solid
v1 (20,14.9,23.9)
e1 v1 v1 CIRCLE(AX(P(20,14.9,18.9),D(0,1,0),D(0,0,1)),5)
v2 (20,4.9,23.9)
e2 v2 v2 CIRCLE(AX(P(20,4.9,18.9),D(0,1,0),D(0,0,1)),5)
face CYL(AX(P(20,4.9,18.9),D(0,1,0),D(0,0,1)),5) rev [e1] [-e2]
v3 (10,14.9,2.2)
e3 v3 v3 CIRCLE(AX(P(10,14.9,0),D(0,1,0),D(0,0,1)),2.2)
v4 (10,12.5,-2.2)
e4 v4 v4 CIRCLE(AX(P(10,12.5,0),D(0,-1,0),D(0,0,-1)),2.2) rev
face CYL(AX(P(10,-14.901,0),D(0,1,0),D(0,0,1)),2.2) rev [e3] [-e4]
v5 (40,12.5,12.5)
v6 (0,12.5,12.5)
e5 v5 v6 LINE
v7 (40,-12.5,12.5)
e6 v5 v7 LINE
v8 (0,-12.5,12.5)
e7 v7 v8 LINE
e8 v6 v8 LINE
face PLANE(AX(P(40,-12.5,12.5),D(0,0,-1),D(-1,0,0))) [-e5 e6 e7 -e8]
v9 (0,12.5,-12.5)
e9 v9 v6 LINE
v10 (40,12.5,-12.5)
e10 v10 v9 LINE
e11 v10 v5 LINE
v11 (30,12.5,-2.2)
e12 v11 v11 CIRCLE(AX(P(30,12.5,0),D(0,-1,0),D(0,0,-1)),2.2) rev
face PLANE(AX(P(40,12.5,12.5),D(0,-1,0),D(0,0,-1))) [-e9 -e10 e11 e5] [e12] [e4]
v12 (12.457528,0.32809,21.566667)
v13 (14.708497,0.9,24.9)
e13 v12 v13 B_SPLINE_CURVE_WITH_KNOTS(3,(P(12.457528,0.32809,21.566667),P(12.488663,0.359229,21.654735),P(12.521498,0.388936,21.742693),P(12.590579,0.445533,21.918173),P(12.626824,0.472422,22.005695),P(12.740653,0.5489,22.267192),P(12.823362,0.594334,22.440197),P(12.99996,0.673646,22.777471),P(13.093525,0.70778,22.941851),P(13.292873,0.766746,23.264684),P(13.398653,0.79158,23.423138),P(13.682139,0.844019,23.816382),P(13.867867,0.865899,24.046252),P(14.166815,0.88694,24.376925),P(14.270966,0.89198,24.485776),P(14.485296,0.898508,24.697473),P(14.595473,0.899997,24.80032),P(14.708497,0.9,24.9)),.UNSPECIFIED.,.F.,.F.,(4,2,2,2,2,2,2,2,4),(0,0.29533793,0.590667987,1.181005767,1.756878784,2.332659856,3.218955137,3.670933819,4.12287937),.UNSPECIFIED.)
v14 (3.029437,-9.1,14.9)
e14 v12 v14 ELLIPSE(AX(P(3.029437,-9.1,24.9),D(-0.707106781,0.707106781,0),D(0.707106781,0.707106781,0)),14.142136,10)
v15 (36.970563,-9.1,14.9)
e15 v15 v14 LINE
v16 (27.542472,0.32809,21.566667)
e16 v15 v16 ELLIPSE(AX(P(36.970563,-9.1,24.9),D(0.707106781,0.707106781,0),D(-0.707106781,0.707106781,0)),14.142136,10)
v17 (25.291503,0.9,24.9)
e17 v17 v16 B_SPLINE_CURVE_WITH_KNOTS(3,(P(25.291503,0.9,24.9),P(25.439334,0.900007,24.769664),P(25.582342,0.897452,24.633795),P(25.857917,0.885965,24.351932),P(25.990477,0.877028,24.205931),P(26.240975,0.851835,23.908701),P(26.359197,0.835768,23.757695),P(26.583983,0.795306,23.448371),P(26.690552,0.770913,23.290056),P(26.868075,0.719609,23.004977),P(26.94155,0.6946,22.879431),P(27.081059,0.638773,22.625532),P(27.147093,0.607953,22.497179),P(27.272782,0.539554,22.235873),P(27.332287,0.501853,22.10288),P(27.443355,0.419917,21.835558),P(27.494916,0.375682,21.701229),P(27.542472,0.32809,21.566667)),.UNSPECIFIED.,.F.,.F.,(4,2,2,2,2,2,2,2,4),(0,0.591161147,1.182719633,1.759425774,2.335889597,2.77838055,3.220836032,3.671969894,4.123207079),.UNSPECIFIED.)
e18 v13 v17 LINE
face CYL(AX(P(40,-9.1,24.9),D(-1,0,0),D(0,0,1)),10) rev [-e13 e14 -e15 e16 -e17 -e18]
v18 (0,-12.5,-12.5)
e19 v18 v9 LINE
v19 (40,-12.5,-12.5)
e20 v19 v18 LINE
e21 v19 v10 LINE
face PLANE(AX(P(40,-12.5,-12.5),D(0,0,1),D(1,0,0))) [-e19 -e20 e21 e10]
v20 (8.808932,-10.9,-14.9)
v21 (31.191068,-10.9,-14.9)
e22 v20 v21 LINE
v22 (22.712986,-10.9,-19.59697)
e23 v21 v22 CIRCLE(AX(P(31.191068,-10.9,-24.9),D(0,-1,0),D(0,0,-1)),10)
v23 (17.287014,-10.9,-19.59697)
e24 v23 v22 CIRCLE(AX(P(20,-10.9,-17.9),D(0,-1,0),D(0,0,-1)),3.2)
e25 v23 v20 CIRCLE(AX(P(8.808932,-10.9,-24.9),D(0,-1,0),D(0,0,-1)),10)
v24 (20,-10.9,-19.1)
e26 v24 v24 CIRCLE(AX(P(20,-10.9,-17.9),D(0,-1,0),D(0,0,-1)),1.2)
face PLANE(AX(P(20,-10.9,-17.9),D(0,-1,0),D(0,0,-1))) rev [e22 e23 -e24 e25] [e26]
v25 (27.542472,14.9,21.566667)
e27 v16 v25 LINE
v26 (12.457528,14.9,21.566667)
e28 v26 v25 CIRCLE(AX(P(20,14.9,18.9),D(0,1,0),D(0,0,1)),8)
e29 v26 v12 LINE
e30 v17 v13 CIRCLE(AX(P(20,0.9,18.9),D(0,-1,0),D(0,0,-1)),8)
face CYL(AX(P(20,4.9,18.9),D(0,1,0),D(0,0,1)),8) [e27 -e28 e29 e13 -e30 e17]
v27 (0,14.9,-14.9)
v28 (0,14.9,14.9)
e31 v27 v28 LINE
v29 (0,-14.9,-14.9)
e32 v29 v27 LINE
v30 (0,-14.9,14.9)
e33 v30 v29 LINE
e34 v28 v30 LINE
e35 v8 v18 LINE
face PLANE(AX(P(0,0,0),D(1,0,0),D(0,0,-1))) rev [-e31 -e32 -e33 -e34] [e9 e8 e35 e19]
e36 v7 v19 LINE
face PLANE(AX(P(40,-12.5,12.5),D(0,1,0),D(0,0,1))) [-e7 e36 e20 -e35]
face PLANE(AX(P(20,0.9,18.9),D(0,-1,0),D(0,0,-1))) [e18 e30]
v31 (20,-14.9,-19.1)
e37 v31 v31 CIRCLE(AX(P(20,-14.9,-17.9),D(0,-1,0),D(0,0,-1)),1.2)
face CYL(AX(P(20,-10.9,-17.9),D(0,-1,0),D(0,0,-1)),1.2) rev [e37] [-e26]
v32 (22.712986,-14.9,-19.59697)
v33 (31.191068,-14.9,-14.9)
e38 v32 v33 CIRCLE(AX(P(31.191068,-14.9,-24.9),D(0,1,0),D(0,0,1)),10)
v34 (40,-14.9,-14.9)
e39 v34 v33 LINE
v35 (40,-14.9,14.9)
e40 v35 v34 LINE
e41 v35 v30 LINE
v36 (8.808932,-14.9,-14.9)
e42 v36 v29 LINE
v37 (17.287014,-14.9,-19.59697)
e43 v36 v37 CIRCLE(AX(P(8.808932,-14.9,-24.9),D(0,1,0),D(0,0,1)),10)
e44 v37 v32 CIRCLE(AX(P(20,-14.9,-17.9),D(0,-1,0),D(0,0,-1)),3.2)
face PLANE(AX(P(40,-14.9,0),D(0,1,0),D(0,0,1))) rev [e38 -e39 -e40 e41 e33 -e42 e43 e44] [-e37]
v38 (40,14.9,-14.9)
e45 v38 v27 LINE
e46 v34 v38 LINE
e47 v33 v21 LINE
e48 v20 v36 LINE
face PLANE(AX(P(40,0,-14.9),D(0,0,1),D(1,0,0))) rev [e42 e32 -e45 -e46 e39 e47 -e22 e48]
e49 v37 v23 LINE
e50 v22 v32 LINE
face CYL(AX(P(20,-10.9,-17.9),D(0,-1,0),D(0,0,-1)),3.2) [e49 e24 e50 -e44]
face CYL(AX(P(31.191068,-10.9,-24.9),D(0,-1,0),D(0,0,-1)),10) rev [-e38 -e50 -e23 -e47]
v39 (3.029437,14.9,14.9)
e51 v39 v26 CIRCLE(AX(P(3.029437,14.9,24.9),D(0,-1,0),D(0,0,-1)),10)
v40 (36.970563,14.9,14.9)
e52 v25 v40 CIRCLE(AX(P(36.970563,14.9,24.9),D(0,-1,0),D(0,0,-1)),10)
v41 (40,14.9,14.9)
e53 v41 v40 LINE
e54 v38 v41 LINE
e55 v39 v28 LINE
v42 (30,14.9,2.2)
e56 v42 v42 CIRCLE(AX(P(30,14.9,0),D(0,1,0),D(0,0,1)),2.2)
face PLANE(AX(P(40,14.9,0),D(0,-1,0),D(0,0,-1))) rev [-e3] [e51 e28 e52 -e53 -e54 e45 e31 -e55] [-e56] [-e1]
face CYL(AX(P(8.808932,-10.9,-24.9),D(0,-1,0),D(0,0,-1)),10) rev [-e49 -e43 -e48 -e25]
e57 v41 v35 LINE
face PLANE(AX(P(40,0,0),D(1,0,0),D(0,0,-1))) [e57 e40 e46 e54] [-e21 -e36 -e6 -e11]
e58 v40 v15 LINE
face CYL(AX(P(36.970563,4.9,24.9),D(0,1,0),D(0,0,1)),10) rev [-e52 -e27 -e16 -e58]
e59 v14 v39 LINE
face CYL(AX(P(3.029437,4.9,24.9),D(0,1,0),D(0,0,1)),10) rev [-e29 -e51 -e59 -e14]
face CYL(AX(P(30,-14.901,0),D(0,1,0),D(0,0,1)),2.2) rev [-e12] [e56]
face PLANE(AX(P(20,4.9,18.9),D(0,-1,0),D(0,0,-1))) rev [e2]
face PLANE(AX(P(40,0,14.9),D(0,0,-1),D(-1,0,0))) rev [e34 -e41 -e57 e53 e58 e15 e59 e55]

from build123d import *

# Parameters (mm, degrees)
SKETCH_1_W          = 29.8
SKETCH_1_H          = 29.8
SKETCH_1_W_2        = 25
SKETCH_1_H_2        = 25
EXTRUDE_1_DEPTH     = 40
SKETCH_2_R          = 8
SKETCH_2_R_2        = 5
EXTRUDE_1_2_DEPTH   = 10
SKETCH_3_R          = 8
EXTRUDE_2_DEPTH     = 4
FILLET_1_R          = 10
CUT_EXTRUDE_1_REACH = 58.671
SKETCH_4_R          = 2.2
SKETCH_5_R          = 5
CUT_EXTRUDE_2_DEPTH = 10
CUT_EXTRUDE_3_REACH = 52.454
SKETCH_6_W          = 25
SKETCH_6_H          = 25
SKETCH_7_R          = 3.2
SKETCH_7_R_2        = 1.2
EXTRUDE_3_DEPTH     = 4
FILLET_2_R          = 10


with BuildPart() as part:
    # Эскиз1 → Extrude 1 (new body)
    with BuildSketch(Plane(origin=(0, 0, 0), x_dir=(0, 0, -1), z_dir=(1, 0, 0))):
        Rectangle(SKETCH_1_W, SKETCH_1_H)
        Rectangle(SKETCH_1_W_2, SKETCH_1_H_2, mode=Mode.SUBTRACT)
    extrude(amount=EXTRUDE_1_DEPTH)

    # Эскиз2 → Extrude 1 2 (add)
    with BuildSketch(Plane(origin=(0, 14.9, 0), x_dir=(1, 0, 0), z_dir=(0, 1, 0))):
        with Locations((20, -18.9)):
            Circle(SKETCH_2_R)
        with Locations((20, -18.9)):
            Circle(SKETCH_2_R_2, mode=Mode.SUBTRACT)
    extrude(amount=-EXTRUDE_1_2_DEPTH)

    # Эскиз3 → Бобышка-Вытянуть2 (add)
    with BuildSketch(Plane.XZ.offset(-4.9)):
        with Locations((20, 18.9)):
            Circle(SKETCH_3_R)
    extrude(amount=EXTRUDE_2_DEPTH)

    # Скругление1
    fillet_1_edges = [part.edges().sort_by_distance(p)[0] for p in [
        (13.07179677, 7.9, 14.9),
        (26.92820323, 7.9, 14.9),
        (20, 0.9, 14.9),
    ]]
    fillet(fillet_1_edges, radius=FILLET_1_R)

    # Эскиз4 → Вырез-Вытянуть1 (cut, up to next)
    with BuildSketch(Plane(origin=(0, 14.9, 0), x_dir=(1, 0, 0), z_dir=(0, 1, 0)), mode=Mode.PRIVATE) as cut_extrude_1_sk1:
        with Locations(Location((10, 0, 0), (0, 0, 270))):
            Circle(SKETCH_4_R)
    cut_extrude_1_tool1 = extrude(cut_extrude_1_sk1.sketch, amount=-CUT_EXTRUDE_1_REACH, mode=Mode.PRIVATE) & part.part
    # Эскиз4 → Вырез-Вытянуть1 (cut, up to next)
    with BuildSketch(Plane(origin=(0, 14.9, 0), x_dir=(1, 0, 0), z_dir=(0, 1, 0)), mode=Mode.PRIVATE) as cut_extrude_1_sk2:
        with Locations(Location((30, 0, 0), (0, 0, 270))):
            Circle(SKETCH_4_R)
    cut_extrude_1_tool2 = extrude(cut_extrude_1_sk2.sketch, amount=-CUT_EXTRUDE_1_REACH, mode=Mode.PRIVATE) & part.part
    add(cut_extrude_1_tool1.solids().sort_by_distance((10, 14.9, 0))[0], mode=Mode.SUBTRACT)
    add(cut_extrude_1_tool2.solids().sort_by_distance((30, 14.9, 0))[0], mode=Mode.SUBTRACT)

    # Эскиз5 → Вырез-Вытянуть2 (cut)
    with BuildSketch(Plane(origin=(0, 14.9, 0), x_dir=(1, 0, 0), z_dir=(0, 1, 0))):
        with Locations(Location((20, -18.9, 0), (0, 0, 270))):
            Circle(SKETCH_5_R)
    extrude(amount=-CUT_EXTRUDE_2_DEPTH, mode=Mode.SUBTRACT)

    # Эскиз6 → Вырез-Вытянуть3 (cut, up to next)
    with BuildSketch(Plane(origin=(40, 0, 0), x_dir=(0, 0, -1), z_dir=(1, 0, 0)), mode=Mode.PRIVATE) as cut_extrude_3_sk1:
        Rectangle(SKETCH_6_W, SKETCH_6_H)
    cut_extrude_3_tool1 = extrude(cut_extrude_3_sk1.sketch, amount=-CUT_EXTRUDE_3_REACH, mode=Mode.PRIVATE) & part.part
    add(cut_extrude_3_tool1.solids().sort_by_distance((40, 0, 0))[0], mode=Mode.SUBTRACT)

    # Эскиз7 → Бобышка-Вытянуть3 (add)
    with BuildSketch(Plane.XZ.offset(14.9)):
        with Locations((20, -17.9)):
            Circle(SKETCH_7_R)
        with Locations(Location((20, -17.9, 0), (0, 0, 270))):
            Circle(SKETCH_7_R_2, mode=Mode.SUBTRACT)
    extrude(amount=-EXTRUDE_3_DEPTH)

    # Скругление2
    fillet_2_edges = [part.edges().sort_by_distance(p)[0] for p in [
        (18.886447127, -12.9, -14.9),
        (21.113552873, -12.9, -14.9),
    ]]
    fillet(fillet_2_edges, radius=FILLET_2_R)


solid = part.part
